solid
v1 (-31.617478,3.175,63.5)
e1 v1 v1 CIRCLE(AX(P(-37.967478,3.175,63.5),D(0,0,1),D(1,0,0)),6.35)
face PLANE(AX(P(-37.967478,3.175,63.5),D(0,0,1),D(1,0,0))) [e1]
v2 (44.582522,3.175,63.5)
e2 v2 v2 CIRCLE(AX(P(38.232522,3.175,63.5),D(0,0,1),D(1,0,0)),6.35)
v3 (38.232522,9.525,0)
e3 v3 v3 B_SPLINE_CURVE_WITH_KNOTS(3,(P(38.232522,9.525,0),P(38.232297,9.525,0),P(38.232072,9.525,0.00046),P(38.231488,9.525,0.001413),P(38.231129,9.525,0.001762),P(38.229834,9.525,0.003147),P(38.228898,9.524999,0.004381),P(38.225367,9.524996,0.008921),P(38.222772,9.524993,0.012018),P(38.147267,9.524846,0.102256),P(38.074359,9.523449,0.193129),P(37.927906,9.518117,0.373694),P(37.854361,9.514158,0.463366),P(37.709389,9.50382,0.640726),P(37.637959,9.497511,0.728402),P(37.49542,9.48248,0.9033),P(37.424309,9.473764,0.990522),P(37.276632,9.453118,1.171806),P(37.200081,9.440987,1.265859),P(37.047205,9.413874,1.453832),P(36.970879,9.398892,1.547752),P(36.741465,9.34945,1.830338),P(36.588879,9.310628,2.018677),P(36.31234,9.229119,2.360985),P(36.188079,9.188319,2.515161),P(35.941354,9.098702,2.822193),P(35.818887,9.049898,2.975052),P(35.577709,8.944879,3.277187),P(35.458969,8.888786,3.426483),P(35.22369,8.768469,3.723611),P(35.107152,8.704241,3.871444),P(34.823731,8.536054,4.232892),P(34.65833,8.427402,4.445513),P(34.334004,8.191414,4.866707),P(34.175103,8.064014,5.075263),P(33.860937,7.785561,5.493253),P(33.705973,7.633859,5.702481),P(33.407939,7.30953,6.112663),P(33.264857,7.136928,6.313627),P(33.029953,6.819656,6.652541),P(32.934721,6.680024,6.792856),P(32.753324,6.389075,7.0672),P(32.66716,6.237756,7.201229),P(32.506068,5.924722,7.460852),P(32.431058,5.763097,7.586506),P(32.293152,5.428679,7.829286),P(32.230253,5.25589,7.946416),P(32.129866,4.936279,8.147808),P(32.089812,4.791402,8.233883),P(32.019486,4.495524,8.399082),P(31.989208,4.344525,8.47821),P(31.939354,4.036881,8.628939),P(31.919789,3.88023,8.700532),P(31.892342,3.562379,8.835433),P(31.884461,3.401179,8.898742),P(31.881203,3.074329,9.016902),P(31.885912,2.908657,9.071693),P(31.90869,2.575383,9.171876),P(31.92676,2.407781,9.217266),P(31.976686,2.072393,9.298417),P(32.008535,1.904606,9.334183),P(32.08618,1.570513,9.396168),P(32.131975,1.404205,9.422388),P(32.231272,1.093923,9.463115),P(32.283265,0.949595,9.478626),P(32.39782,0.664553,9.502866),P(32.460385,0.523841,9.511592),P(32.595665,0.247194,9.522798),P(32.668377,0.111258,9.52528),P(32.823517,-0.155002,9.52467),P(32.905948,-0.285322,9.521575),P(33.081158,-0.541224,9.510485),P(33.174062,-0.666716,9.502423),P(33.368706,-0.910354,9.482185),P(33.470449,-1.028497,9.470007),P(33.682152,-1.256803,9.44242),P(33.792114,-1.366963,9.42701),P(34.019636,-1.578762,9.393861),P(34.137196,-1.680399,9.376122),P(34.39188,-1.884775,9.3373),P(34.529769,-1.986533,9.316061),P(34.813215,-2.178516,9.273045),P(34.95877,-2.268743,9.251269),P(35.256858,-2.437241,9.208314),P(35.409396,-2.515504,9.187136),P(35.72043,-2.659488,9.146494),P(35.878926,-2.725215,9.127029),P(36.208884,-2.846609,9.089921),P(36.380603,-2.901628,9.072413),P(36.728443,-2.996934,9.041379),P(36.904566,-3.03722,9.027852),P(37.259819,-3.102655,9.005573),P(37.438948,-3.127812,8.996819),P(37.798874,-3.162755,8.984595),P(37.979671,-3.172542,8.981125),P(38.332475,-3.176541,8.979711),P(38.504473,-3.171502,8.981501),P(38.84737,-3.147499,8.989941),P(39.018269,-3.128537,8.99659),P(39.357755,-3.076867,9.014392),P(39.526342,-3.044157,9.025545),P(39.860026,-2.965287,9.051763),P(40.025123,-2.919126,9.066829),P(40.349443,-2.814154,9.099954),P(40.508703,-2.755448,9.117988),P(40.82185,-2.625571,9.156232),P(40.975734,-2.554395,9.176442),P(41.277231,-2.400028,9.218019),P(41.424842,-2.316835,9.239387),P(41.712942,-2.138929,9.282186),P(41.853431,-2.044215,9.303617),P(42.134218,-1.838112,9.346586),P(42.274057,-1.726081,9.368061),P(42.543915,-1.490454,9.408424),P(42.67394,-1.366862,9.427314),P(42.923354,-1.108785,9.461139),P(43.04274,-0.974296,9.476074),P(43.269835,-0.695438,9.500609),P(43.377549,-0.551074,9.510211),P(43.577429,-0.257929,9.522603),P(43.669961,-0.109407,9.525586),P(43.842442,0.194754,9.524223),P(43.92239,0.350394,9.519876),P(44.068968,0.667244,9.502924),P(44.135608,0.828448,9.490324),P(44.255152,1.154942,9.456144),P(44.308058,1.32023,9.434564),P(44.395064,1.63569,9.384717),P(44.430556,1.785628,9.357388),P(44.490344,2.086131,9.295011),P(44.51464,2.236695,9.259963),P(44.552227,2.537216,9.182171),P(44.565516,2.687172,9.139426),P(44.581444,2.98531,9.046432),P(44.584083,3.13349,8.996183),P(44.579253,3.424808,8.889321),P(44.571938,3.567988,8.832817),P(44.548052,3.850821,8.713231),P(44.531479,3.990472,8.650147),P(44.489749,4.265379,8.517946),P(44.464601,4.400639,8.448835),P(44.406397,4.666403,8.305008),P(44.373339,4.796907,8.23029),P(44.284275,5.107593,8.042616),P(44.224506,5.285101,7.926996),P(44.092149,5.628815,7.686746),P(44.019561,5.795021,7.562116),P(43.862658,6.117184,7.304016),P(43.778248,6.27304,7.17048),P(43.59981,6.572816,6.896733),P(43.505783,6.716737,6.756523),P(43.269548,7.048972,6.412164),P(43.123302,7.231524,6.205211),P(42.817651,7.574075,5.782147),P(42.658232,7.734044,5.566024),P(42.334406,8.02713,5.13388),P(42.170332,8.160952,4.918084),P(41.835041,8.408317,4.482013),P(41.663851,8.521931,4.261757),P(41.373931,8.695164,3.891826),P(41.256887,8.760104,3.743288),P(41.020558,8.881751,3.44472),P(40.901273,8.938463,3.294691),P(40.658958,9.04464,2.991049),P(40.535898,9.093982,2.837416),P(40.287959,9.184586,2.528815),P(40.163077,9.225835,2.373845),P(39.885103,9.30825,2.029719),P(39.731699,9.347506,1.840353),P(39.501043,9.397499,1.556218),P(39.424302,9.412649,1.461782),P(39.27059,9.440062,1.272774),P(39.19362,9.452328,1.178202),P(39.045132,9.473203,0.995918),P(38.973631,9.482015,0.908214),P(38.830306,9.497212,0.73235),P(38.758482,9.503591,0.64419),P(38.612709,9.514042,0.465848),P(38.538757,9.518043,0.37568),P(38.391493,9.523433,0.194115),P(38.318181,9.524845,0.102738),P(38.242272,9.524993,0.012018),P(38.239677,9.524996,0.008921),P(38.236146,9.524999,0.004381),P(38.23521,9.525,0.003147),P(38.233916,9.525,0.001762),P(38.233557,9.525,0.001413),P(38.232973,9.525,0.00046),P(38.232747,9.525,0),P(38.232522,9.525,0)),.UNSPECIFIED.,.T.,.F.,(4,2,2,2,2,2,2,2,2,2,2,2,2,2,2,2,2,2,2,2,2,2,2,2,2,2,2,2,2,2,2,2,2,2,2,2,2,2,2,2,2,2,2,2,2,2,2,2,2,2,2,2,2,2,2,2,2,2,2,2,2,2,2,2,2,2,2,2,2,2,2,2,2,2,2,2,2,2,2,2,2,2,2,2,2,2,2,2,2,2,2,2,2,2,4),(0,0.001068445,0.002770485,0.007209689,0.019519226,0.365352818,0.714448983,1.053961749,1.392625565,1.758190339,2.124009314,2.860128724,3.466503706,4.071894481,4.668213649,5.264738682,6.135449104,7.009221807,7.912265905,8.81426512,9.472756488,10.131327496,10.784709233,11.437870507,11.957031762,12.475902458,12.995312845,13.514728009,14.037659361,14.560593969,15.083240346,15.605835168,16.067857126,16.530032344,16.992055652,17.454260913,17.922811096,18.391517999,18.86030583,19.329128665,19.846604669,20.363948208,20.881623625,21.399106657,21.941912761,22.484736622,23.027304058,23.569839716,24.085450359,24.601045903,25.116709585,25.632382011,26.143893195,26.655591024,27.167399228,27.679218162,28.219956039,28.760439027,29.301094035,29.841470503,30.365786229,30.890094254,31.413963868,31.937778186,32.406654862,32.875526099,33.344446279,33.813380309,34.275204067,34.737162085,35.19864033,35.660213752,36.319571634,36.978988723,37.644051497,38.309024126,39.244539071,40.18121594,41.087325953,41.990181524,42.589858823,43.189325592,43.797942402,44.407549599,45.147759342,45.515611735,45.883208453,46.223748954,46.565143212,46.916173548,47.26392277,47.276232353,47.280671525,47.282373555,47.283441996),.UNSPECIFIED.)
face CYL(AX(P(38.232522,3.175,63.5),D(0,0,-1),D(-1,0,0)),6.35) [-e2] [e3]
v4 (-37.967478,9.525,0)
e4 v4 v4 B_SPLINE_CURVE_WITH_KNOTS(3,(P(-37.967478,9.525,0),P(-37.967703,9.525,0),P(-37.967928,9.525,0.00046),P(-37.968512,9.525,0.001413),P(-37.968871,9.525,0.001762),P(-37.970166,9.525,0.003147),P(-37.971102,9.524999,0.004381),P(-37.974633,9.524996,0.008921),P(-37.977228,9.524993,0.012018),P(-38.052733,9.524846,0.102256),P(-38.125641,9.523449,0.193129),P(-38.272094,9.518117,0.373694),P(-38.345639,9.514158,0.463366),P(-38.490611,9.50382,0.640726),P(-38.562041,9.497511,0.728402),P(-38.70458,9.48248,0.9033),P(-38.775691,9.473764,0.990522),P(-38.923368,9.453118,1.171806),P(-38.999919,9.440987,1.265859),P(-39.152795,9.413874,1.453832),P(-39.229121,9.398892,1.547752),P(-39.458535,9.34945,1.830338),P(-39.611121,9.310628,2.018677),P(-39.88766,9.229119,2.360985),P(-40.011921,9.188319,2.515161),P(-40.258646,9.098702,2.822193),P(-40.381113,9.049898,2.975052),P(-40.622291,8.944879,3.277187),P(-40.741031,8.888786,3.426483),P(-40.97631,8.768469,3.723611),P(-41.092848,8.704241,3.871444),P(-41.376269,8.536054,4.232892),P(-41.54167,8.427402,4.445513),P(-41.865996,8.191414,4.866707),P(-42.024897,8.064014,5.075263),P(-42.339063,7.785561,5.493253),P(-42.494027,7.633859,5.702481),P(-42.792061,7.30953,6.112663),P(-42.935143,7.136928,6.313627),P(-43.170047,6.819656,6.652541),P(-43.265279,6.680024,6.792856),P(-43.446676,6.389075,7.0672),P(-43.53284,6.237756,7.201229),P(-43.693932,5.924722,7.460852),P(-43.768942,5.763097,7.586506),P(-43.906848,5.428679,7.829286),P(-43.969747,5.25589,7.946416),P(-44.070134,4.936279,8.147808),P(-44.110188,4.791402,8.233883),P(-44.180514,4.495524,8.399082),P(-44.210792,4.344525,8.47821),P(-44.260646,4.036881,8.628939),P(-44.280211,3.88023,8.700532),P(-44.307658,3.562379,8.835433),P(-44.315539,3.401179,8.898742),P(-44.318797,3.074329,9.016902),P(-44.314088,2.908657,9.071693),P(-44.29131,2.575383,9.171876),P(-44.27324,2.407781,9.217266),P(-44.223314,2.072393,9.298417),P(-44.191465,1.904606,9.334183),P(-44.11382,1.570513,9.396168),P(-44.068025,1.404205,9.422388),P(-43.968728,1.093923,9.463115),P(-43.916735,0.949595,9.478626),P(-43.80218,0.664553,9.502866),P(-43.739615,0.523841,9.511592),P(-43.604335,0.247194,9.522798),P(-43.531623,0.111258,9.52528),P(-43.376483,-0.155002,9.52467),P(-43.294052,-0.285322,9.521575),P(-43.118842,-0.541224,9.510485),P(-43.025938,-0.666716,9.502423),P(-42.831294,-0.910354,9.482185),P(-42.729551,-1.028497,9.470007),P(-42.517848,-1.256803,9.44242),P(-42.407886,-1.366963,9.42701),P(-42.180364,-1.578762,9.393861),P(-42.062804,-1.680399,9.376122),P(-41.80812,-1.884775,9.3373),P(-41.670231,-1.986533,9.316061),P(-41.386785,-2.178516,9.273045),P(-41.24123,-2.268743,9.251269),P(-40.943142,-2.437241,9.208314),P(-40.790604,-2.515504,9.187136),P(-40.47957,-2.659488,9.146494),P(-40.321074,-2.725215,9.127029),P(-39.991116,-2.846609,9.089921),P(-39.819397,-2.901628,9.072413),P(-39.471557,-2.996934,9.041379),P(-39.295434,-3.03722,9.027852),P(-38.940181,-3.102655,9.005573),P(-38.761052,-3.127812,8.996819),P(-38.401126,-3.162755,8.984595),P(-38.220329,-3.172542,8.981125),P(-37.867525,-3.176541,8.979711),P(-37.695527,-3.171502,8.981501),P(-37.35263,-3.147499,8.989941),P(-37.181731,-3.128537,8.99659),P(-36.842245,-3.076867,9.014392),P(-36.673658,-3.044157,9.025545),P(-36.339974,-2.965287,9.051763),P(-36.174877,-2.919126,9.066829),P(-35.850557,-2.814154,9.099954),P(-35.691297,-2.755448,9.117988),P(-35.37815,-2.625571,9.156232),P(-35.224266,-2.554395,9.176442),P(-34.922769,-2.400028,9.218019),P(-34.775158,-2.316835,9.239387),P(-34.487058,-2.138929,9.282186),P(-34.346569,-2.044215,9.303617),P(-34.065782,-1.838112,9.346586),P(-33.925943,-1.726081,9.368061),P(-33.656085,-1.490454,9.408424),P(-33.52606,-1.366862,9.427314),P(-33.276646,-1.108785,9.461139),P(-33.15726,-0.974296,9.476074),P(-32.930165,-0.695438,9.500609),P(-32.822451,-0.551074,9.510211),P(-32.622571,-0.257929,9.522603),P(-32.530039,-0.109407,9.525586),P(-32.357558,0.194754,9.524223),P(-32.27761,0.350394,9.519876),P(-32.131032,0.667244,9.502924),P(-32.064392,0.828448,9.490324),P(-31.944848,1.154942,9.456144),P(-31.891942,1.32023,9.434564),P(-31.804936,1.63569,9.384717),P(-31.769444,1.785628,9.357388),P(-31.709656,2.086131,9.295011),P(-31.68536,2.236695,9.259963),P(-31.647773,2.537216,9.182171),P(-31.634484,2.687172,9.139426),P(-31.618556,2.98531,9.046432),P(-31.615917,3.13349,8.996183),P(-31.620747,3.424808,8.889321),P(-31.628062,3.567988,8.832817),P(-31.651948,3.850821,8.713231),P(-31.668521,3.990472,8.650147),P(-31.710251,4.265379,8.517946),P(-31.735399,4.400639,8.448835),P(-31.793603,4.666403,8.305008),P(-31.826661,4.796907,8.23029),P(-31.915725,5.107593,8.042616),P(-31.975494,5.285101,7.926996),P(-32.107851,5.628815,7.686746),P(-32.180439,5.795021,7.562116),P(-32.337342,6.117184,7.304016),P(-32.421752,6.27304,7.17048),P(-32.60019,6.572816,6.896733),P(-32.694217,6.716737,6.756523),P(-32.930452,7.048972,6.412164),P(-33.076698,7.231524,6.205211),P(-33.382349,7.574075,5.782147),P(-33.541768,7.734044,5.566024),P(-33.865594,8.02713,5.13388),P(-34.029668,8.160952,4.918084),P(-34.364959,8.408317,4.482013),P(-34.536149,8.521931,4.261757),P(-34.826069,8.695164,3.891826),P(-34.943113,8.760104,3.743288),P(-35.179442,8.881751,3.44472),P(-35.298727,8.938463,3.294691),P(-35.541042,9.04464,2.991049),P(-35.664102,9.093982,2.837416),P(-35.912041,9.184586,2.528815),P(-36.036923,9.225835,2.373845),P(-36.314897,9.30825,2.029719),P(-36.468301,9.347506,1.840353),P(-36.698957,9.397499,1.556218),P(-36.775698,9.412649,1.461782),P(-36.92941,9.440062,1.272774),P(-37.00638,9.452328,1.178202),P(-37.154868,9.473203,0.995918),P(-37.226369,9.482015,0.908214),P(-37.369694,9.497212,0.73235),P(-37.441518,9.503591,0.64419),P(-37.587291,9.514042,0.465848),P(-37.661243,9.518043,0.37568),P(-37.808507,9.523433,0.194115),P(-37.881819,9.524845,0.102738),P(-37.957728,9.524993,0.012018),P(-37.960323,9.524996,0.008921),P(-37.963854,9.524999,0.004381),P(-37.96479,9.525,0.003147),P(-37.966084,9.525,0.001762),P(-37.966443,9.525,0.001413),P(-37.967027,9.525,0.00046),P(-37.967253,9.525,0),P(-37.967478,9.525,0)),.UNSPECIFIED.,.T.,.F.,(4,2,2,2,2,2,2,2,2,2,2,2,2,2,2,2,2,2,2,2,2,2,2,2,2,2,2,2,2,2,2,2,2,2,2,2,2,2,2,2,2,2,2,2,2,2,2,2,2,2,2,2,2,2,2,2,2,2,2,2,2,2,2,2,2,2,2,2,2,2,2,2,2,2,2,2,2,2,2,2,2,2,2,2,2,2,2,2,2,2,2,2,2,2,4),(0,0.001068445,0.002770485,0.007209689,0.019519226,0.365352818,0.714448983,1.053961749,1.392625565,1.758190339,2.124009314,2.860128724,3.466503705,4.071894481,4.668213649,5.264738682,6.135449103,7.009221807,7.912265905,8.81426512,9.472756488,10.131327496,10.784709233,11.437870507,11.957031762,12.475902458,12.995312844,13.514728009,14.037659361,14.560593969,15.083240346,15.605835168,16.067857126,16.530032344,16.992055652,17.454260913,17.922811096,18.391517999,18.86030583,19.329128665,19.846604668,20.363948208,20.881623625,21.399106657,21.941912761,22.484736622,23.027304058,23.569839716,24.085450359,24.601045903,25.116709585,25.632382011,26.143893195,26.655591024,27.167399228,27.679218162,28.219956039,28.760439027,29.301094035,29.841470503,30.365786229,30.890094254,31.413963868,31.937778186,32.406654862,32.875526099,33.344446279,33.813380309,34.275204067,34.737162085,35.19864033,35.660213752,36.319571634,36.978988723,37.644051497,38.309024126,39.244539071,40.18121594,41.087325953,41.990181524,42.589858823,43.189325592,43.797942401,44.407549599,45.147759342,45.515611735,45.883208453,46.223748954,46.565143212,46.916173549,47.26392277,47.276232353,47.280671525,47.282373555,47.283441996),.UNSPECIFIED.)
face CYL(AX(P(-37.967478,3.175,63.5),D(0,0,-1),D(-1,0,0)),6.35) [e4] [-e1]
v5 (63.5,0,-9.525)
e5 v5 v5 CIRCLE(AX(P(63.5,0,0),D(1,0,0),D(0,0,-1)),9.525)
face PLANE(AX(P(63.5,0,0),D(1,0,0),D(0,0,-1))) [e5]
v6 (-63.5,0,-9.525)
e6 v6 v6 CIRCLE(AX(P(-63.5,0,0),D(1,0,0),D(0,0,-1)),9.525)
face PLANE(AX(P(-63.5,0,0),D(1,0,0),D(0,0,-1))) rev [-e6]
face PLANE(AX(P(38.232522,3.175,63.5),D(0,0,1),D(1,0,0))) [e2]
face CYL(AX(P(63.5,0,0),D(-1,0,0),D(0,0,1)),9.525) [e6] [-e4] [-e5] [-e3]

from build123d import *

# Parameters (mm, degrees)
SKETCH3_R           = 9.525
BOSS_EXTRUDE1_DEPTH = 63.5
SKETCH4_R           = 6.35
BOSS_EXTRUDE2_DEPTH = 63.5


with BuildPart() as part:
    # Sketch3 → Boss-Extrude1 (new body, symmetric)
    with BuildSketch(Plane(origin=(0, 0, 0), x_dir=(0, 0, -1), z_dir=(1, 0, 0))):
        Circle(SKETCH3_R)
    extrude(amount=BOSS_EXTRUDE1_DEPTH, both=True)

    # Sketch4 → Boss-Extrude2 (add)
    with BuildSketch(Plane.XY):
        with Locations((-37.967477859, 3.175)):
            Circle(SKETCH4_R)
        with Locations((38.232522141, 3.175)):
            Circle(SKETCH4_R)
    extrude(amount=BOSS_EXTRUDE2_DEPTH)


solid = part.part
